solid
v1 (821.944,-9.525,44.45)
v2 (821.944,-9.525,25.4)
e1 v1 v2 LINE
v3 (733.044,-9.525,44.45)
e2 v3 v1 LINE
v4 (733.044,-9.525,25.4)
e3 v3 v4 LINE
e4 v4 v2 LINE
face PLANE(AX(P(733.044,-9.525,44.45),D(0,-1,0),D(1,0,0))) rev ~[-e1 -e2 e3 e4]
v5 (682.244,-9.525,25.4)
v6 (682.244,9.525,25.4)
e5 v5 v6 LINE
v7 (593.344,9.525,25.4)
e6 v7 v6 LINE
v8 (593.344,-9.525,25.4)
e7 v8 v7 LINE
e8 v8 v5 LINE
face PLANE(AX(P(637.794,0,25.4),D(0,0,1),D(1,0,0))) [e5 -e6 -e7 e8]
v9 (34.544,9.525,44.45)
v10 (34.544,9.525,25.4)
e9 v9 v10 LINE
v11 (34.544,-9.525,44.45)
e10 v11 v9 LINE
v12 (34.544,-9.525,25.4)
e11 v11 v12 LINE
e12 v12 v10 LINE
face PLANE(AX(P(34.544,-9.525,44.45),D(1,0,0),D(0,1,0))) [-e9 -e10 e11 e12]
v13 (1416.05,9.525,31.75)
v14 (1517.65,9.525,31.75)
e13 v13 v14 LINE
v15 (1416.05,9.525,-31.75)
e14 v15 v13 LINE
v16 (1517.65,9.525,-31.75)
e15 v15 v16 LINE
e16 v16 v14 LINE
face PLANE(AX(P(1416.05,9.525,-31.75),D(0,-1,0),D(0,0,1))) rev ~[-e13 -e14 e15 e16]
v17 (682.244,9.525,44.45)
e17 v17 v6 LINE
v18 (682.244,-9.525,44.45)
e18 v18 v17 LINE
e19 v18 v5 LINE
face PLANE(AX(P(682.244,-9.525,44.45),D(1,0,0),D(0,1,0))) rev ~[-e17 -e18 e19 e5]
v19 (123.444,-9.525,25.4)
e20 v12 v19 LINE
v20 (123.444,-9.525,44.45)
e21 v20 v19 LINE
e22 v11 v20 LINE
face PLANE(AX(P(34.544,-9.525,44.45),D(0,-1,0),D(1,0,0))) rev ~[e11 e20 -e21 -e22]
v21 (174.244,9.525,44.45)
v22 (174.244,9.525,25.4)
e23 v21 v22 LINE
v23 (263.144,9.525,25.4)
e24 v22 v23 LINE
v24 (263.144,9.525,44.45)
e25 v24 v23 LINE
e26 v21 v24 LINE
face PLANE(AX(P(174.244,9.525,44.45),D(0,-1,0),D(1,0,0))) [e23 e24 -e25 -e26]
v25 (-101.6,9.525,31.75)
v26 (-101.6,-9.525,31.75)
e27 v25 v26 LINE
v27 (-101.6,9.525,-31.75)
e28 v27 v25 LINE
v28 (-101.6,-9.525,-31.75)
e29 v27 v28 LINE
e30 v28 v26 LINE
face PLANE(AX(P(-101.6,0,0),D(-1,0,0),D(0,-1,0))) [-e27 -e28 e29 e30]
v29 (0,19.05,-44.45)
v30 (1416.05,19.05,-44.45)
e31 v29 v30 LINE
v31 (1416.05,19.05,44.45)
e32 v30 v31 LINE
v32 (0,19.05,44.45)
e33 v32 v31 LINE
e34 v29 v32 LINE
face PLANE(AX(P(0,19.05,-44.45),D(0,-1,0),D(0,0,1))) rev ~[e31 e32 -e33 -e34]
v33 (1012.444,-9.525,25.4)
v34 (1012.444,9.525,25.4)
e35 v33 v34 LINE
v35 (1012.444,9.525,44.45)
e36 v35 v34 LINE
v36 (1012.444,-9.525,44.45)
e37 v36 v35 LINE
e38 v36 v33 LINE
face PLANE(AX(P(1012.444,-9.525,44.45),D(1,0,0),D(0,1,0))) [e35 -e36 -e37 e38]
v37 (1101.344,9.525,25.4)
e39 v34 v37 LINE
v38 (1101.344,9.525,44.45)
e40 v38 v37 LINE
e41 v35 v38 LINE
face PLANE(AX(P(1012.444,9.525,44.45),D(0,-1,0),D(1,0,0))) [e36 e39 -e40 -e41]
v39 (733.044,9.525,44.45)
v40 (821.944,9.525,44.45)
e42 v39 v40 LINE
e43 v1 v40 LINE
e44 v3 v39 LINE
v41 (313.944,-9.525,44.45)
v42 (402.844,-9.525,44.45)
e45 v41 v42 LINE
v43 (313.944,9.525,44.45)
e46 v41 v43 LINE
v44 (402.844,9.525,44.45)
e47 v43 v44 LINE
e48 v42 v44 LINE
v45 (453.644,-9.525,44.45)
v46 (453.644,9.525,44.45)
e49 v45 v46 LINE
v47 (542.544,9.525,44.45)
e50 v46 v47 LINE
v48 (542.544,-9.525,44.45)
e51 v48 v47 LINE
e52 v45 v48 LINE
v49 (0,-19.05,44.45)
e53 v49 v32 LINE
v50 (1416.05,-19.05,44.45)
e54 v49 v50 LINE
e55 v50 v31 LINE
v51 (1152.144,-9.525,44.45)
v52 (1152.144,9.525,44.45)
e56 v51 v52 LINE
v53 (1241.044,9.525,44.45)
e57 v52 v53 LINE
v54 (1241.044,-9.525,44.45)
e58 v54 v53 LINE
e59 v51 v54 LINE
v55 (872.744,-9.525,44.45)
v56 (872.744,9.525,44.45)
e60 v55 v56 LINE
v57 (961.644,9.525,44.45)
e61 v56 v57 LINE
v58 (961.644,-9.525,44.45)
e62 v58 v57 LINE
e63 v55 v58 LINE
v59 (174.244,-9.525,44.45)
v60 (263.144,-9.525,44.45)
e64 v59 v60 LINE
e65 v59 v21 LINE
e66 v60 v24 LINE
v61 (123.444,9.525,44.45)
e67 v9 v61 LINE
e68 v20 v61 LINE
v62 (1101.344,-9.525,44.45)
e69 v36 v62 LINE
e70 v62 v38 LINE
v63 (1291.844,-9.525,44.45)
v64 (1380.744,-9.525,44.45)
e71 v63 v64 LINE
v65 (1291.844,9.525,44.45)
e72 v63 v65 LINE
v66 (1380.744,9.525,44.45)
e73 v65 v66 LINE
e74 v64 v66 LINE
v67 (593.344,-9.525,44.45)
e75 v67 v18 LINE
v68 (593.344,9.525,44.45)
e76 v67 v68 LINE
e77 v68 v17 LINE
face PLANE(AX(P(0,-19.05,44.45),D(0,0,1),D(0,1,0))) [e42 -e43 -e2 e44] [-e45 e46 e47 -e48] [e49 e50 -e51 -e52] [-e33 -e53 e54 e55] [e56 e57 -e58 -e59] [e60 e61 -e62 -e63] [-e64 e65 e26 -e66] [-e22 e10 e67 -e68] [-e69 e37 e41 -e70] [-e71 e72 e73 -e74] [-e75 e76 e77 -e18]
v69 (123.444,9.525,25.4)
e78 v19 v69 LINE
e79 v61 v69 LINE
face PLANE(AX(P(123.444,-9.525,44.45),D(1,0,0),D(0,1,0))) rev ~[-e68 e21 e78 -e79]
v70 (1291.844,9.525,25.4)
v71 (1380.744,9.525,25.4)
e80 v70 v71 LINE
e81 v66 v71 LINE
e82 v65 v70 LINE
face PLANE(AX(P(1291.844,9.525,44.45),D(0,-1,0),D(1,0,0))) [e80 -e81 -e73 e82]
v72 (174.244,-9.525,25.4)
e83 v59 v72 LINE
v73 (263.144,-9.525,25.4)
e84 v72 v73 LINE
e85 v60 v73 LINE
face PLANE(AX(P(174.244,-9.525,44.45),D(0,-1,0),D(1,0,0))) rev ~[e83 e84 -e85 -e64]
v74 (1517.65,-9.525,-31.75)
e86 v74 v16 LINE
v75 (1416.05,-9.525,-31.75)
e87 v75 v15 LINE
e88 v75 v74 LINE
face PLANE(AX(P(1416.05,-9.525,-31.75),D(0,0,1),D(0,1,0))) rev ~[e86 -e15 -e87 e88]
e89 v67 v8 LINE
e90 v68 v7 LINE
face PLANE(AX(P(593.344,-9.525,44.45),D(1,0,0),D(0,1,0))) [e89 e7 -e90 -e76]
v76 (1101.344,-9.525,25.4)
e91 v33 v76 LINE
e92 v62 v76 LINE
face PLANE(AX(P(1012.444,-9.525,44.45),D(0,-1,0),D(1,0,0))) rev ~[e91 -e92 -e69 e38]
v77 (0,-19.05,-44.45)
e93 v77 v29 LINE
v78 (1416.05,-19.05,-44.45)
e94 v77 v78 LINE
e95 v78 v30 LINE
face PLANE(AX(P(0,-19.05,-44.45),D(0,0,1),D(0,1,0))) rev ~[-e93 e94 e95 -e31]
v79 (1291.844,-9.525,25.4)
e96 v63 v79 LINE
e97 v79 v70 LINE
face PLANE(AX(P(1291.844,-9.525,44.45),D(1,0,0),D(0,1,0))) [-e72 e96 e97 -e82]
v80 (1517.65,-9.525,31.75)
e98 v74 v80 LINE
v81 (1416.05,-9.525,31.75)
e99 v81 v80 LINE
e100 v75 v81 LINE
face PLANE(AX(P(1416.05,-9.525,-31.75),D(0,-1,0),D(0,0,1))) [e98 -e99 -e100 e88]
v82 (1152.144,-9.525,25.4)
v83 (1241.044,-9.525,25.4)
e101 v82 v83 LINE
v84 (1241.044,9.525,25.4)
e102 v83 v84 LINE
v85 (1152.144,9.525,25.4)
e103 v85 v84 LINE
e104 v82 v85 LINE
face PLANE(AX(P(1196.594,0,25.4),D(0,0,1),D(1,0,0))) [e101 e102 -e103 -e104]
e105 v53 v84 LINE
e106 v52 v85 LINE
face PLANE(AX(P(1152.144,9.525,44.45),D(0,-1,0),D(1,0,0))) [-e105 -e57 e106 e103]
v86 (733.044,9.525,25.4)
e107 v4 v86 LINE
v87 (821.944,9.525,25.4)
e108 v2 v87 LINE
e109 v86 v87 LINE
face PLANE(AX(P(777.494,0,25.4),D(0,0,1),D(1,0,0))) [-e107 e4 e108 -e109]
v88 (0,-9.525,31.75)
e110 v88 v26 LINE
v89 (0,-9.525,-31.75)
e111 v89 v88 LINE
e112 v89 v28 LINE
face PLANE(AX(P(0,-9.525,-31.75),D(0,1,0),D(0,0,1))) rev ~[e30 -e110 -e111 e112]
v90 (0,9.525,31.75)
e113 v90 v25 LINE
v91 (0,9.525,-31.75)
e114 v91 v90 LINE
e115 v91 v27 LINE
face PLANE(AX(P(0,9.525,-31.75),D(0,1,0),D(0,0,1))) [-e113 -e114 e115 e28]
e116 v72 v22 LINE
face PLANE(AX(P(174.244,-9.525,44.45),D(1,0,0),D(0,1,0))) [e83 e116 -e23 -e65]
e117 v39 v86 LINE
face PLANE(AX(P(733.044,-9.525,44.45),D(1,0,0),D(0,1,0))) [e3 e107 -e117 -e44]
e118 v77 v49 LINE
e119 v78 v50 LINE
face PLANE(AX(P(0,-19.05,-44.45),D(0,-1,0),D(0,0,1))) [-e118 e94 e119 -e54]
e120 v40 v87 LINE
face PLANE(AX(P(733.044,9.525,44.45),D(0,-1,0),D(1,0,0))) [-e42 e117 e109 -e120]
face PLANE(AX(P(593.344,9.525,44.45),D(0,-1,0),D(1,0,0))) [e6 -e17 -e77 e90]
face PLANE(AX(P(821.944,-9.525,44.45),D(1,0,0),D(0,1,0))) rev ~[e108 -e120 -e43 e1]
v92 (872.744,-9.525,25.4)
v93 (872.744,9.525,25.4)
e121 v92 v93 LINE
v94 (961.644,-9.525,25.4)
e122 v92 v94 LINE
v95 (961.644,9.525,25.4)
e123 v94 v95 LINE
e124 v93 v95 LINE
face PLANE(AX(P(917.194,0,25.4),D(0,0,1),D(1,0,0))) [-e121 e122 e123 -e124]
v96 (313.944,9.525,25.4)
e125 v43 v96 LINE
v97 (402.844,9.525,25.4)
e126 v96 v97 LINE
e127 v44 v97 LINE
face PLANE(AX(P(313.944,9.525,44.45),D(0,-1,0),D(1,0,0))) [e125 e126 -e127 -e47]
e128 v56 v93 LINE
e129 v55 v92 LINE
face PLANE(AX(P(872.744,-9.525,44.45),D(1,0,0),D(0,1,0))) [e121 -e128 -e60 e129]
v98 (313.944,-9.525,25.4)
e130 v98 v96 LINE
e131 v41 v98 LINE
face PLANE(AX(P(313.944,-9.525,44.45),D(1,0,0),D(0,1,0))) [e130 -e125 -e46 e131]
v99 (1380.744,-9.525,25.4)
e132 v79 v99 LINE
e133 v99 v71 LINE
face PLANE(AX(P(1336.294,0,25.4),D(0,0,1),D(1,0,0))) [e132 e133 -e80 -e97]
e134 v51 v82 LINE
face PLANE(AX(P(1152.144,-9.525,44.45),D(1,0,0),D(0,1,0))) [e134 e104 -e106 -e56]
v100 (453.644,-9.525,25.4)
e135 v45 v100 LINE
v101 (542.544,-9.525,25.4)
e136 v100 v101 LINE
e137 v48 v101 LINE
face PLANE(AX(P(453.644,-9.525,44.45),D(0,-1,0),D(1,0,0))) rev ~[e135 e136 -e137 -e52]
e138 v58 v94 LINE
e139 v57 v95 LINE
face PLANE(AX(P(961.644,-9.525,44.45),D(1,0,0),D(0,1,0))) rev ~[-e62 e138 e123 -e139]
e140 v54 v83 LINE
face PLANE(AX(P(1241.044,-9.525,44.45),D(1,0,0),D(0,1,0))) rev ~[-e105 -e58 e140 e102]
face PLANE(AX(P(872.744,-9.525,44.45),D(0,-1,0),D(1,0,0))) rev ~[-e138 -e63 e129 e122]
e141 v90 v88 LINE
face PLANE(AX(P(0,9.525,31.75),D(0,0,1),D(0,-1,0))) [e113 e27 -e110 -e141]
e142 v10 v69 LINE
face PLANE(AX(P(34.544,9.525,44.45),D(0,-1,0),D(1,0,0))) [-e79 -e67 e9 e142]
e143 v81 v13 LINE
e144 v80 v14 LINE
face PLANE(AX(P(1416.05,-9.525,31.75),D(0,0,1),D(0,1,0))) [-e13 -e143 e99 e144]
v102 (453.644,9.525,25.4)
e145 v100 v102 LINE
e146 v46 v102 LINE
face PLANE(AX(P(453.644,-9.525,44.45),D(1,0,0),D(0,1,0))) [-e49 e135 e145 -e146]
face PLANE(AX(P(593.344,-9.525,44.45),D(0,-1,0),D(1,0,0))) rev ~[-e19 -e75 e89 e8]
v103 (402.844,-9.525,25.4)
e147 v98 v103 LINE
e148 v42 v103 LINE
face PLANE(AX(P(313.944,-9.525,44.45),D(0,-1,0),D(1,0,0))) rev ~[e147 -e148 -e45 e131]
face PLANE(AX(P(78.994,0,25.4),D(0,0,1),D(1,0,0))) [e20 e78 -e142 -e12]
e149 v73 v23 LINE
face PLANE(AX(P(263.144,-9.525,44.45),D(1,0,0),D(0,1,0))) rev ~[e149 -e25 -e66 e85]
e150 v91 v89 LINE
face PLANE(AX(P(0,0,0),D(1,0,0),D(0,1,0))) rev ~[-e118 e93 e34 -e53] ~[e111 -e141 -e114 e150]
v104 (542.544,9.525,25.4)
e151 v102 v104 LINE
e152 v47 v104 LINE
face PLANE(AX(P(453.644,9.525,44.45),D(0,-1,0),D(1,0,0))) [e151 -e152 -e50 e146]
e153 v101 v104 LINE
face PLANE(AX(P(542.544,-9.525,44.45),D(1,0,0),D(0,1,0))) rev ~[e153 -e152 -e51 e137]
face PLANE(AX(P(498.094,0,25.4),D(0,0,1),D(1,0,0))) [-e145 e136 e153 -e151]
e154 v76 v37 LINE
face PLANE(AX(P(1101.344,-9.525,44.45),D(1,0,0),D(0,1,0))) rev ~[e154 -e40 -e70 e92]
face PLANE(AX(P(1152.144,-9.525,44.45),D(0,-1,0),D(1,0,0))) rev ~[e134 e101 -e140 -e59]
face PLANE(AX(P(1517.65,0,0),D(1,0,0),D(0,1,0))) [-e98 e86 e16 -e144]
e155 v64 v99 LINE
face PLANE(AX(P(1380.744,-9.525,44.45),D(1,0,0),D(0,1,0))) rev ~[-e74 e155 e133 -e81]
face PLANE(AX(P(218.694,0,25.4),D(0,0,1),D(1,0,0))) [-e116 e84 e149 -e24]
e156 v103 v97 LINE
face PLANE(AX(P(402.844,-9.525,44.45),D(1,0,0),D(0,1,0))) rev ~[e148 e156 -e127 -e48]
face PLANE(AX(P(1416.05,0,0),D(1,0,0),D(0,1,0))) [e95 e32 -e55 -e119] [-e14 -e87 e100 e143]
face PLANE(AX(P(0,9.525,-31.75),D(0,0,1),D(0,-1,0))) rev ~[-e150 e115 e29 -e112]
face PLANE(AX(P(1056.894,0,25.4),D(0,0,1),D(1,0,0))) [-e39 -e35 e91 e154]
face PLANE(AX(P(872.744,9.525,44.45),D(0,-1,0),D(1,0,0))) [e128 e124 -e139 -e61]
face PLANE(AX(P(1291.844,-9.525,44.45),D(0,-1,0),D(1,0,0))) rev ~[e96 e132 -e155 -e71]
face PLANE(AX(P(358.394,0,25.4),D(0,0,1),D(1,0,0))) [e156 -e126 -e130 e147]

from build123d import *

# Parameters (mm, degrees)
F0_W     = 38.1
F0_H     = 88.9
F1_DEPTH = 1416.05
F2_W     = 19.05
F2_H     = 63.5
F3_DEPTH = 101.6
F4_W     = 19.05
F4_H     = 63.5
F5_DEPTH = 101.6
F6_W     = 88.9
F6_H     = 19.05
F7_DEPTH = 19.05


with BuildPart() as f1:
    # F0 (on Right) → F1 (new body)
    with BuildSketch(Plane.YZ):
        Rectangle(F0_W, F0_H)
    extrude(amount=F1_DEPTH)

    # F2 (on face) → F3 (join)
    with BuildSketch(Plane.YZ.offset(1416.05)):
        Rectangle(F2_W, F2_H)
    extrude(amount=F3_DEPTH)

    # F4 (on face) → F5 (join)
    with BuildSketch(Plane(origin=(0, 0, 0), x_dir=(0, -1, 0), z_dir=(-1, 0, 0))):
        Rectangle(F4_W, F4_H)
    extrude(amount=F5_DEPTH)

    # F6 (on face) → F7 (cut)
    with BuildSketch(Plane.XY.offset(44.45)):
        with Locations((78.994, 0)):
            Rectangle(F6_W, F6_H)
        with Locations((218.694, 0)):
            Rectangle(F6_W, F6_H)
        with Locations((358.394, 0)):
            Rectangle(F6_W, F6_H)
        with Locations((498.094, 0)):
            Rectangle(F6_W, F6_H)
        with Locations((637.794, 0)):
            Rectangle(F6_W, F6_H)
        with Locations((777.494, 0)):
            Rectangle(F6_W, F6_H)
        with Locations((917.194, 0)):
            Rectangle(F6_W, F6_H)
        with Locations((1056.894, 0)):
            Rectangle(F6_W, F6_H)
        with Locations((1196.594, 0)):
            Rectangle(F6_W, F6_H)
        with Locations((1336.294, 0)):
            Rectangle(F6_W, F6_H)
    extrude(amount=-F7_DEPTH, mode=Mode.SUBTRACT)


solid = f1.part
